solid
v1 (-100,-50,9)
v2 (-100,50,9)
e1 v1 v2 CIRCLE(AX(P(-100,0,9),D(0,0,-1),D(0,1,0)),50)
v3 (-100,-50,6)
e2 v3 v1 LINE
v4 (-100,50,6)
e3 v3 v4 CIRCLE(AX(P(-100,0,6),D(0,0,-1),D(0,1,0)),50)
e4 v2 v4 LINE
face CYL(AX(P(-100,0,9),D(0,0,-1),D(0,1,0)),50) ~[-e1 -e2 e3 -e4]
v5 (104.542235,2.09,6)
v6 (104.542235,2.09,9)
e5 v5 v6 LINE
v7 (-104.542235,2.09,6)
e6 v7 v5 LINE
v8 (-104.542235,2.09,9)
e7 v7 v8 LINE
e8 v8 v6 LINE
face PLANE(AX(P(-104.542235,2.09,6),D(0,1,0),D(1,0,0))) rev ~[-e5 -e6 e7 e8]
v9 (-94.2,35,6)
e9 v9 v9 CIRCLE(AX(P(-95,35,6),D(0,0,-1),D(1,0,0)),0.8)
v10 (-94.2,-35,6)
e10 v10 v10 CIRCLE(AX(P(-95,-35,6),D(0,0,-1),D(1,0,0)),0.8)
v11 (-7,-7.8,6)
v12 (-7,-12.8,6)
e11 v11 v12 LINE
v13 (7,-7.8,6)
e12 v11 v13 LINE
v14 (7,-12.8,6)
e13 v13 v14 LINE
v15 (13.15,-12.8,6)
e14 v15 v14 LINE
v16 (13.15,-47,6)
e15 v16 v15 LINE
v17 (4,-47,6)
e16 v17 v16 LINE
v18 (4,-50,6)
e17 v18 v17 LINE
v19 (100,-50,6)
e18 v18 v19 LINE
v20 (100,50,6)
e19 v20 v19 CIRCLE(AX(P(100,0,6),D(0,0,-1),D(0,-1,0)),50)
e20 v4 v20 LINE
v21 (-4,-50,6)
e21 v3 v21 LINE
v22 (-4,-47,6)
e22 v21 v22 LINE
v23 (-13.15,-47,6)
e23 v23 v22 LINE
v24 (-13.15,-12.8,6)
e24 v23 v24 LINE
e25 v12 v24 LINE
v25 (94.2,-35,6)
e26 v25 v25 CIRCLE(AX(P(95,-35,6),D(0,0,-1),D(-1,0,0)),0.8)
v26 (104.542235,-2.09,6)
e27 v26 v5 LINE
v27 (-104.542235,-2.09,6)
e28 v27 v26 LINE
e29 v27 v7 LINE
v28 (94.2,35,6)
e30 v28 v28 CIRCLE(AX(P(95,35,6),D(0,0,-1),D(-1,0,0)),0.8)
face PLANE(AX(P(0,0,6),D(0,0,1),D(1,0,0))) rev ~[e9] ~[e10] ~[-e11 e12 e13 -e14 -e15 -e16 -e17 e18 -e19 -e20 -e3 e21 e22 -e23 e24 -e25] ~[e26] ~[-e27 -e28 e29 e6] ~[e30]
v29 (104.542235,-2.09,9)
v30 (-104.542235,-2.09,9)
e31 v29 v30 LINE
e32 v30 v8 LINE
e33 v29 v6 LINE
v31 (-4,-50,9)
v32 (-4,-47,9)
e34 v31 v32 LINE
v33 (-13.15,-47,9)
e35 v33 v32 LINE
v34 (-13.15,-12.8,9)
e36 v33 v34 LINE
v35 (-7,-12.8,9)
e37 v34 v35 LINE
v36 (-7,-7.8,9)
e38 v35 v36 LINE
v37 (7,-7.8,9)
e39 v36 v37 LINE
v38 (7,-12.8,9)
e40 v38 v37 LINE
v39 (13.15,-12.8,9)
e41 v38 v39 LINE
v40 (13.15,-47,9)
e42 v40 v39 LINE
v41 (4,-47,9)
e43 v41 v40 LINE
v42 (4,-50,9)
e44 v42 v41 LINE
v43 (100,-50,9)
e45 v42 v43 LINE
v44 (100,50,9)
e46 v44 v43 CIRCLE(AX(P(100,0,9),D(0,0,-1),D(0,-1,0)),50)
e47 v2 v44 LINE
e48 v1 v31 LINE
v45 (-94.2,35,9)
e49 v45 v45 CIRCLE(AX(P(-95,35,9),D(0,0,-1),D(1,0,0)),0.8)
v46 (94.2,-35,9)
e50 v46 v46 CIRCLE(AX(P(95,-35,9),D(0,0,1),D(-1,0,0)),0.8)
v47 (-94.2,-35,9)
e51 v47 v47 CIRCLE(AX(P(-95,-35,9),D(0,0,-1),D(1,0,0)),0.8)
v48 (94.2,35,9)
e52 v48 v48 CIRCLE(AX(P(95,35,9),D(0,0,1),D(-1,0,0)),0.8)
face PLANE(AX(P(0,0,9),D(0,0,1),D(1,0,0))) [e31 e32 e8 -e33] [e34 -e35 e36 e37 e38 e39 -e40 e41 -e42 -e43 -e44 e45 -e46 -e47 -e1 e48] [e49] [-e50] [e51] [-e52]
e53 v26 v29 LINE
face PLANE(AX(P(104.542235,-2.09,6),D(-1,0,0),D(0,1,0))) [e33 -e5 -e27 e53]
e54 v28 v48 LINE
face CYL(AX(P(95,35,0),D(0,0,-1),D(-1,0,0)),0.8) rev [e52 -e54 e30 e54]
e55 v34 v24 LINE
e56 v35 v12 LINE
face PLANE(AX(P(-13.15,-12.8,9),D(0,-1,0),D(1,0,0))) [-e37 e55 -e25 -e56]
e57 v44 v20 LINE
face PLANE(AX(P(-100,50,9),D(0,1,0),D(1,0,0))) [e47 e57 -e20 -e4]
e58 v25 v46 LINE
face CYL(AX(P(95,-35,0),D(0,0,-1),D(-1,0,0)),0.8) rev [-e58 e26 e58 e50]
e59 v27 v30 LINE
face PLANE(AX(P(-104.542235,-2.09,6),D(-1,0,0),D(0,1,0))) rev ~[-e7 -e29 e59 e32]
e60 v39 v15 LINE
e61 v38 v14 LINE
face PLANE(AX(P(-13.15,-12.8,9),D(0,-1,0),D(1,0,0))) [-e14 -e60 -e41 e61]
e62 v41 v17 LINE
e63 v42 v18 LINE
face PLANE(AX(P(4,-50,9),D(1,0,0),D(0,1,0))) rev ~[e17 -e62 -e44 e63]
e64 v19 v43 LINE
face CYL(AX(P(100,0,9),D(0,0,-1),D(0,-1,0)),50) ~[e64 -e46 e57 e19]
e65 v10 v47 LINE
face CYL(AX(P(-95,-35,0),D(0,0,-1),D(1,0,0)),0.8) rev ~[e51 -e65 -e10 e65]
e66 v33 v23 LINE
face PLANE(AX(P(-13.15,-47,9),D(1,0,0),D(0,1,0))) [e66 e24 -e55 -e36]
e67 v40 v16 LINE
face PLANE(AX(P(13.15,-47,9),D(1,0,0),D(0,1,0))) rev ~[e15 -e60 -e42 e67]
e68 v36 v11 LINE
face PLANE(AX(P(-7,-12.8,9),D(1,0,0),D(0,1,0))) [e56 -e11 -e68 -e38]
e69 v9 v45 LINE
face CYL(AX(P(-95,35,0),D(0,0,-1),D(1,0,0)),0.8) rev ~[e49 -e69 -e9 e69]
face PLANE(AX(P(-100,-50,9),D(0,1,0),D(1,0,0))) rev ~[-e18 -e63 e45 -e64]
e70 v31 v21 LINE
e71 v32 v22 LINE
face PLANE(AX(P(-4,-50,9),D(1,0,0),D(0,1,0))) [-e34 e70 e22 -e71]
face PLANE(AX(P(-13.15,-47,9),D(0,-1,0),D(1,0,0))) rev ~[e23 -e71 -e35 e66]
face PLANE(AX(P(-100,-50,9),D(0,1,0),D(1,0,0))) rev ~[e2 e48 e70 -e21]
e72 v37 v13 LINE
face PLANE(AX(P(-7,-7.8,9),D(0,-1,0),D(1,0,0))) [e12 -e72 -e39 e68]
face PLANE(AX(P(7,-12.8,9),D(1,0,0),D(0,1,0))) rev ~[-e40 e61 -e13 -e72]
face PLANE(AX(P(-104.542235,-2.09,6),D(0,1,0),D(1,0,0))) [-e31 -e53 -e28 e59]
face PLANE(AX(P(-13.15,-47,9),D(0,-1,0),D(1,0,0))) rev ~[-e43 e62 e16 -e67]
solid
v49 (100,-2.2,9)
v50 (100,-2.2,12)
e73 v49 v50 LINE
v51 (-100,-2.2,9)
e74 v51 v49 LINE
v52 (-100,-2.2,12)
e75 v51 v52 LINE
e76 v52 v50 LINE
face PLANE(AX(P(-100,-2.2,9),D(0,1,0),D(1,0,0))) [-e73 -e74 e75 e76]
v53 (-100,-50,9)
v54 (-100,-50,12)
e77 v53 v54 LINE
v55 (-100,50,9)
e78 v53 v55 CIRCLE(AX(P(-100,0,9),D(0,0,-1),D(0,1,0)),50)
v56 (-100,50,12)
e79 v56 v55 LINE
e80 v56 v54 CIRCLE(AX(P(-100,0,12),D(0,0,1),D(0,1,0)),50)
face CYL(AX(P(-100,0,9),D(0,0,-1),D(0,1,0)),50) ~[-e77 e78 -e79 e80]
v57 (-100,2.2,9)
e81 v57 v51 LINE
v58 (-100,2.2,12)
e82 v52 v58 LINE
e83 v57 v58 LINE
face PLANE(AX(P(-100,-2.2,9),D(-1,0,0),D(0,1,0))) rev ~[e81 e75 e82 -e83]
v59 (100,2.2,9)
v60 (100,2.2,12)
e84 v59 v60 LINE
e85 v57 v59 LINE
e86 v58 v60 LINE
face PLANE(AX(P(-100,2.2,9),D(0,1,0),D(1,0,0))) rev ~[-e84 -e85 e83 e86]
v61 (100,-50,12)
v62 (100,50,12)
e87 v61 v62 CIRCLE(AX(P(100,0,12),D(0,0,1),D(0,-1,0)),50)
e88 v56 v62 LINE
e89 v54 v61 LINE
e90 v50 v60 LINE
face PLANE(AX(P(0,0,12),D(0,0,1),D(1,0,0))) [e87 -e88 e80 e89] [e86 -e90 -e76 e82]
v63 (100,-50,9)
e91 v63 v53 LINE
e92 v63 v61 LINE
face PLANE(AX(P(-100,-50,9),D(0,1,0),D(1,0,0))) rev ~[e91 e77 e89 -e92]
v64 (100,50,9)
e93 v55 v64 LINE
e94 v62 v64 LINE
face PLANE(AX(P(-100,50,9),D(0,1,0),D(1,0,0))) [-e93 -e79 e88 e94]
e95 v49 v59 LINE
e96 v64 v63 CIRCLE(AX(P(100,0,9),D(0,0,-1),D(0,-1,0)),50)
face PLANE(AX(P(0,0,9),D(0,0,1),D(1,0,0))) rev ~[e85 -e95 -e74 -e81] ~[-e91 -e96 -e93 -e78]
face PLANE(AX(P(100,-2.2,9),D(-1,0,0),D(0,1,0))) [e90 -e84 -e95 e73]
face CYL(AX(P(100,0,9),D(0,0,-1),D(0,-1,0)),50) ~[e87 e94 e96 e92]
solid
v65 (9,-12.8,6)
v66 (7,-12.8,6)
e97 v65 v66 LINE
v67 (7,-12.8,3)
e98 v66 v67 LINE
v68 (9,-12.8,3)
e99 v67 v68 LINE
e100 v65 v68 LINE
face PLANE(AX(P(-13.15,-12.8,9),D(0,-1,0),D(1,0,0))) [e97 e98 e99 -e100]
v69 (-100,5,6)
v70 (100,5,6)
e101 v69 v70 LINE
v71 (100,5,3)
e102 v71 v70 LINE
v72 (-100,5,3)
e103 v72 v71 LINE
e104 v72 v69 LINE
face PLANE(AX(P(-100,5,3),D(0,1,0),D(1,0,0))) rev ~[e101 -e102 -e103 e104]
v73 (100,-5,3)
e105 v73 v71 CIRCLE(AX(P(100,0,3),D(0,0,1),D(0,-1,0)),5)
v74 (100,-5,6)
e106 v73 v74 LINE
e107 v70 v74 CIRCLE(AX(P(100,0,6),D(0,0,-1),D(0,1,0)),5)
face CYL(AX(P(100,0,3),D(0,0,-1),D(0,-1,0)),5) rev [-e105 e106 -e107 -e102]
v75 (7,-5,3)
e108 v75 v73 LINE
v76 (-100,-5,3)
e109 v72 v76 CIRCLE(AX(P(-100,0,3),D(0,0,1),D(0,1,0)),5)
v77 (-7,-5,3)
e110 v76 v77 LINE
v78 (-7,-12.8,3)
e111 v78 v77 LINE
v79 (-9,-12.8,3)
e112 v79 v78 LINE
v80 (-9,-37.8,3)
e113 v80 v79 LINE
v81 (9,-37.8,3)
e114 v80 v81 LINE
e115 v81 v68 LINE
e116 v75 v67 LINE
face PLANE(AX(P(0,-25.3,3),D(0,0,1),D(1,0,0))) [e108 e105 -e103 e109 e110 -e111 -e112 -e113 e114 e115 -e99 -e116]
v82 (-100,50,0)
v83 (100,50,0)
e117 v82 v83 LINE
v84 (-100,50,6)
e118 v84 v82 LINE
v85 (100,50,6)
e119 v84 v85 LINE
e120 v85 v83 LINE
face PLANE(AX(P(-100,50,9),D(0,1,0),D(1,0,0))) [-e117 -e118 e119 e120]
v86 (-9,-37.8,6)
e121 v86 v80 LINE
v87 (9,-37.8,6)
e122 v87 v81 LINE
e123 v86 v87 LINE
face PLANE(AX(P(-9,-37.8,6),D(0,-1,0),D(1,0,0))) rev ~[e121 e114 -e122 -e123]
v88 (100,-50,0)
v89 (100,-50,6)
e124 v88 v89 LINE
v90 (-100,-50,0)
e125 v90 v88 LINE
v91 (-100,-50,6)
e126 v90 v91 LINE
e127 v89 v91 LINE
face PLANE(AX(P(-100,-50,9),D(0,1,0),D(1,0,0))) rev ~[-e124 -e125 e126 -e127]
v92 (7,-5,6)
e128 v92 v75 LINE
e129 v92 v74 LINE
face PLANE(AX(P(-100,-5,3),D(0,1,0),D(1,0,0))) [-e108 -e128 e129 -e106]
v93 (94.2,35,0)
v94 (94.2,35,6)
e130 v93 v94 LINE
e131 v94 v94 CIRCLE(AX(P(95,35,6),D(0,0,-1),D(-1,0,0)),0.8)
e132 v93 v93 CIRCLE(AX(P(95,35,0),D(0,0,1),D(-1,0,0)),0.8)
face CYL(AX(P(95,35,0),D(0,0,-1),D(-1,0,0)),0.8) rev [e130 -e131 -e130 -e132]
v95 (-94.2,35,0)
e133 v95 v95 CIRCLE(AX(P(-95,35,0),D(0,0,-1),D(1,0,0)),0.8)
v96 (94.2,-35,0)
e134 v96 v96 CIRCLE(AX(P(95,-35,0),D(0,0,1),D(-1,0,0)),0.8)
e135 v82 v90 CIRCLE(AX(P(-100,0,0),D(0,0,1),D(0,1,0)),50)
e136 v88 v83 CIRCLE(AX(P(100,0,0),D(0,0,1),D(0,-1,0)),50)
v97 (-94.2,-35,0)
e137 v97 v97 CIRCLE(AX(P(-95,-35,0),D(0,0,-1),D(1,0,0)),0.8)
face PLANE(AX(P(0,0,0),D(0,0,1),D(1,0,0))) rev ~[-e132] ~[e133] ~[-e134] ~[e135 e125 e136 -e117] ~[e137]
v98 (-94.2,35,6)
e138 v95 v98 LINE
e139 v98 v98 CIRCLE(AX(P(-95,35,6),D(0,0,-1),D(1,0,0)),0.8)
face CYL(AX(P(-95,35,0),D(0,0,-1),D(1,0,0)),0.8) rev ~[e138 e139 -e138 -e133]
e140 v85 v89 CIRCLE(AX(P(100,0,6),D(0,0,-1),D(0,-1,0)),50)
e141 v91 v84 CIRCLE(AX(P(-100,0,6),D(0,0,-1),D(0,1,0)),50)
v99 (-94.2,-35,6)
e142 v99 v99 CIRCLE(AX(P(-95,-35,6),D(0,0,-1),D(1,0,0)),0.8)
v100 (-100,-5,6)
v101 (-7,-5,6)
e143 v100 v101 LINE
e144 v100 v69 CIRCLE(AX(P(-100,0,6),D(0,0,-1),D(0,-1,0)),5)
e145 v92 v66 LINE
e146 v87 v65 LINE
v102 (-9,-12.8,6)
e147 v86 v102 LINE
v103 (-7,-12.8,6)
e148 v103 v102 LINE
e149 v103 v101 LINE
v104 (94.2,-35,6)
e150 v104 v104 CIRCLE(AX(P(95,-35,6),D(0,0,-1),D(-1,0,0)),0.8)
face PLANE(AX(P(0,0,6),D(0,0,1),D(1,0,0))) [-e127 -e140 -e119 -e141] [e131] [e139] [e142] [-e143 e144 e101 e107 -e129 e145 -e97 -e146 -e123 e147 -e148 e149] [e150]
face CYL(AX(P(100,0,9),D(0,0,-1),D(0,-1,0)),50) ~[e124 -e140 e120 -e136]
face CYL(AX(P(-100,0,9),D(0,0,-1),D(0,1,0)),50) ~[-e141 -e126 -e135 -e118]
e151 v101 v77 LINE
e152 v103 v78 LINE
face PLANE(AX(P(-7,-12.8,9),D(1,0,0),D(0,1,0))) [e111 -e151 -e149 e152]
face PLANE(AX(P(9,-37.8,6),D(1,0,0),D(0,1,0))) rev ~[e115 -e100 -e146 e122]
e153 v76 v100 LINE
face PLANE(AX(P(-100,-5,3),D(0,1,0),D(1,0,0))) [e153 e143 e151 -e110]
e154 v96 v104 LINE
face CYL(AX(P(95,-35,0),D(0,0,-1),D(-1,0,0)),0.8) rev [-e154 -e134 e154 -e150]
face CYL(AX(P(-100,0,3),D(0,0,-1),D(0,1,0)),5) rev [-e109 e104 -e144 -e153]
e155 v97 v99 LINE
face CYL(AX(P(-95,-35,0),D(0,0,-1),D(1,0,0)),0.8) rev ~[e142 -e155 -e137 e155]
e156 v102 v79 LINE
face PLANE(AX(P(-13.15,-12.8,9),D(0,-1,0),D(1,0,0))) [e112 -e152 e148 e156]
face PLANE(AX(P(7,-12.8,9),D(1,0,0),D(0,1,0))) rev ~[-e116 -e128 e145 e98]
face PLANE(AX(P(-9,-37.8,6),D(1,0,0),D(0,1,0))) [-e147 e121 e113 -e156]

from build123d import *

# Parameters (mm, degrees)
BOX_BOTTOM_HALF_0_W     = 301.98633
BOX_BOTTOM_HALF_0_H     = 102
BOX_BOTTOM_HALF_0_DEPTH = 7
PAD_DEPTH               = 3
PAD001_DEPTH            = 3
SKETCH002_W             = 209.08447
SKETCH002_H             = 4.18
PAD002_DEPTH            = 3
SKETCH003_W             = 26.3
SKETCH003_H             = 34.2
POCKET_DEPTH            = 3
SKETCH004_W             = 18
SKETCH004_H             = 25
POCKET001_DEPTH         = 3
SKETCH005_W             = 14
SKETCH005_H             = 5
POCKET002_DEPTH         = 6
SKETCH006_W             = 14
SKETCH006_H             = 3
POCKET003_DEPTH         = 3
SKETCH007_W             = 8
SKETCH007_H             = 3
POCKET004_DEPTH         = 3
SKETCH008_W             = 200
SKETCH008_H             = 4.4
PAD003_DEPTH            = 3
SKETCH009_R             = 0.8
POCKET005_DEPTH         = 9
BOX_BOTTOM_HALF_1_W     = 301.98633
BOX_BOTTOM_HALF_1_H     = 102
BOX_BOTTOM_HALF_1_DEPTH = 4


with BuildPart() as box_bottom_half_0_body:
    # box_bottom_half_0 → box_bottom_half_0 (new body)
    with BuildSketch(Plane(origin=(-150.993165, -51, -1), x_dir=(1, 0, 0), z_dir=(0, 0, 1))):
        with Locations((150.993165, 51)):
            Rectangle(BOX_BOTTOM_HALF_0_W, BOX_BOTTOM_HALF_0_H)
    extrude(amount=BOX_BOTTOM_HALF_0_DEPTH)


with BuildPart() as body:
    # Sketch → Pad (new body)
    with BuildSketch(Plane.XY):
        with BuildLine():
            ThreePointArc((-100, 50), (-150, 0), (-100, -50))
            Line((-100, -50), (100, -50))
            ThreePointArc((100, -50), (150, 0), (100, 50))
            Line((-100, 50), (100, 50))
        make_face()
    extrude(amount=PAD_DEPTH)

    # Sketch001 (on Face6 of Pad) → Pad001 (join)
    with BuildSketch(Plane.XY.offset(3)):
        with BuildLine():
            ThreePointArc((-100, 50), (-150, 0), (-100, -50))
            Line((-100, -50), (100, -50))
            ThreePointArc((100, -50), (150, 0), (100, 50))
            Line((-100, 50), (100, 50))
        make_face()
        with BuildLine():
            ThreePointArc((-100, 5), (-105, 0), (-100, -5))
            Line((-100, -5), (100, -5))
            ThreePointArc((100, -5), (105, 0), (100, 5))
            Line((-100, 5), (100, 5))
        make_face(mode=Mode.SUBTRACT)
    extrude(amount=PAD001_DEPTH)

    # Sketch002 (on Face9 of Pad001) → Pad002 (join)
    with BuildSketch(Plane.XY.offset(6)):
        with BuildLine():
            ThreePointArc((-100, 50), (-150, 0), (-100, -50))
            Line((-100, -50), (100, -50))
            ThreePointArc((100, -50), (150, 0), (100, 50))
            Line((-100, 50), (100, 50))
        make_face()
        Rectangle(SKETCH002_W, SKETCH002_H, mode=Mode.SUBTRACT)
    extrude(amount=PAD002_DEPTH)

    # Sketch003 (on Face13 of Pad002) → Pocket (cut)
    with BuildSketch(Plane.XY.offset(9)):
        with Locations((0, -29.9)):
            Rectangle(SKETCH003_W, SKETCH003_H)
    extrude(amount=-POCKET_DEPTH, mode=Mode.SUBTRACT)

    # Sketch004 (on Face27 of Pocket) → Pocket001 (cut)
    with BuildSketch(Plane.XY.offset(6)):
        with Locations((0, -25.3)):
            Rectangle(SKETCH004_W, SKETCH004_H)
    extrude(amount=-POCKET001_DEPTH, mode=Mode.SUBTRACT)

    # Sketch005 (on Face13 of Pocket001) → Pocket002 (cut)
    with BuildSketch(Plane.XY.offset(9)):
        with Locations((0, -10.3)):
            Rectangle(SKETCH005_W, SKETCH005_H)
    extrude(amount=-POCKET002_DEPTH, mode=Mode.SUBTRACT)

    # Sketch006 (on Face23 of Pocket002) → Pocket003 (cut)
    with BuildSketch(Plane.XZ.offset(7.8)):
        with Locations((0, 4.5)):
            Rectangle(SKETCH006_W, SKETCH006_H)
    extrude(amount=-POCKET003_DEPTH, mode=Mode.SUBTRACT)

    # Sketch007 (on Face13 of Pocket003) → Pocket004 (cut)
    with BuildSketch(Plane.XY.offset(9)):
        with Locations((0, -48.5)):
            Rectangle(SKETCH007_W, SKETCH007_H)
    extrude(amount=-POCKET004_DEPTH, mode=Mode.SUBTRACT)

    # Sketch008 (on Face15 of Pocket004) → Pad003 (join)
    with BuildSketch(Plane.XY.offset(9)):
        with BuildLine():
            ThreePointArc((-100, 50), (-150, 0), (-100, -50))
            Line((-100, -50), (100, -50))
            ThreePointArc((100, -50), (150, 0), (100, 50))
            Line((-100, 50), (100, 50))
        make_face()
        Rectangle(SKETCH008_W, SKETCH008_H, mode=Mode.SUBTRACT)
    extrude(amount=PAD003_DEPTH)

    # Sketch009 (on Face4 of Pad003) → Pocket005 (cut)
    with BuildSketch(Plane(origin=(0, 0, 0), x_dir=(1, 0, 0), z_dir=(0, 0, -1))):
        with Locations((-95, 35)):
            Circle(SKETCH009_R)
        with Locations((-95, -35)):
            Circle(SKETCH009_R)
    pocket005 = extrude(amount=-POCKET005_DEPTH, mode=Mode.SUBTRACT)

    # Mirrored: Pocket005 across Sketch009 V_Axis
    add(pocket005.mirror(Plane(origin=(0, 0, 0), x_dir=(0, 0, -1), z_dir=(1, 0, 0))), mode=Mode.SUBTRACT)


with BuildPart() as bottom_half_0_body:
    # bottom_half_0 base: copy of Body
    add(body.part)

    # bottom_half_0: intersect box_bottom_half_0 body
    add(box_bottom_half_0_body.part, mode=Mode.INTERSECT)


with BuildPart() as box_bottom_half_1_body:
    # box_bottom_half_1 → box_bottom_half_1 (new body)
    with BuildSketch(Plane(origin=(-150.993165, -51, 5), x_dir=(1, 0, 0), z_dir=(0, 0, 1))):
        with Locations((150.993165, 51)):
            Rectangle(BOX_BOTTOM_HALF_1_W, BOX_BOTTOM_HALF_1_H)
    extrude(amount=BOX_BOTTOM_HALF_1_DEPTH)


with BuildPart() as top_half_0_body:
    # top_half_0 base: copy of Body
    add(body.part)

    # top_half_0: cut box_bottom_half_0 body
    add(box_bottom_half_0_body.part, mode=Mode.SUBTRACT)


with BuildPart() as bottom_half_1_body:
    # bottom_half_1 base: copy of top_half_0 body
    add(top_half_0_body.part)

    # bottom_half_1: intersect box_bottom_half_1 body
    add(box_bottom_half_1_body.part, mode=Mode.INTERSECT)


with BuildPart() as top_half_1_body:
    # top_half_1 base: copy of top_half_0 body
    add(top_half_0_body.part)

    # top_half_1: cut box_bottom_half_1 body
    add(box_bottom_half_1_body.part, mode=Mode.SUBTRACT)


solid = Compound([bottom_half_0_body.part, bottom_half_1_body.part, top_half_1_body.part])
